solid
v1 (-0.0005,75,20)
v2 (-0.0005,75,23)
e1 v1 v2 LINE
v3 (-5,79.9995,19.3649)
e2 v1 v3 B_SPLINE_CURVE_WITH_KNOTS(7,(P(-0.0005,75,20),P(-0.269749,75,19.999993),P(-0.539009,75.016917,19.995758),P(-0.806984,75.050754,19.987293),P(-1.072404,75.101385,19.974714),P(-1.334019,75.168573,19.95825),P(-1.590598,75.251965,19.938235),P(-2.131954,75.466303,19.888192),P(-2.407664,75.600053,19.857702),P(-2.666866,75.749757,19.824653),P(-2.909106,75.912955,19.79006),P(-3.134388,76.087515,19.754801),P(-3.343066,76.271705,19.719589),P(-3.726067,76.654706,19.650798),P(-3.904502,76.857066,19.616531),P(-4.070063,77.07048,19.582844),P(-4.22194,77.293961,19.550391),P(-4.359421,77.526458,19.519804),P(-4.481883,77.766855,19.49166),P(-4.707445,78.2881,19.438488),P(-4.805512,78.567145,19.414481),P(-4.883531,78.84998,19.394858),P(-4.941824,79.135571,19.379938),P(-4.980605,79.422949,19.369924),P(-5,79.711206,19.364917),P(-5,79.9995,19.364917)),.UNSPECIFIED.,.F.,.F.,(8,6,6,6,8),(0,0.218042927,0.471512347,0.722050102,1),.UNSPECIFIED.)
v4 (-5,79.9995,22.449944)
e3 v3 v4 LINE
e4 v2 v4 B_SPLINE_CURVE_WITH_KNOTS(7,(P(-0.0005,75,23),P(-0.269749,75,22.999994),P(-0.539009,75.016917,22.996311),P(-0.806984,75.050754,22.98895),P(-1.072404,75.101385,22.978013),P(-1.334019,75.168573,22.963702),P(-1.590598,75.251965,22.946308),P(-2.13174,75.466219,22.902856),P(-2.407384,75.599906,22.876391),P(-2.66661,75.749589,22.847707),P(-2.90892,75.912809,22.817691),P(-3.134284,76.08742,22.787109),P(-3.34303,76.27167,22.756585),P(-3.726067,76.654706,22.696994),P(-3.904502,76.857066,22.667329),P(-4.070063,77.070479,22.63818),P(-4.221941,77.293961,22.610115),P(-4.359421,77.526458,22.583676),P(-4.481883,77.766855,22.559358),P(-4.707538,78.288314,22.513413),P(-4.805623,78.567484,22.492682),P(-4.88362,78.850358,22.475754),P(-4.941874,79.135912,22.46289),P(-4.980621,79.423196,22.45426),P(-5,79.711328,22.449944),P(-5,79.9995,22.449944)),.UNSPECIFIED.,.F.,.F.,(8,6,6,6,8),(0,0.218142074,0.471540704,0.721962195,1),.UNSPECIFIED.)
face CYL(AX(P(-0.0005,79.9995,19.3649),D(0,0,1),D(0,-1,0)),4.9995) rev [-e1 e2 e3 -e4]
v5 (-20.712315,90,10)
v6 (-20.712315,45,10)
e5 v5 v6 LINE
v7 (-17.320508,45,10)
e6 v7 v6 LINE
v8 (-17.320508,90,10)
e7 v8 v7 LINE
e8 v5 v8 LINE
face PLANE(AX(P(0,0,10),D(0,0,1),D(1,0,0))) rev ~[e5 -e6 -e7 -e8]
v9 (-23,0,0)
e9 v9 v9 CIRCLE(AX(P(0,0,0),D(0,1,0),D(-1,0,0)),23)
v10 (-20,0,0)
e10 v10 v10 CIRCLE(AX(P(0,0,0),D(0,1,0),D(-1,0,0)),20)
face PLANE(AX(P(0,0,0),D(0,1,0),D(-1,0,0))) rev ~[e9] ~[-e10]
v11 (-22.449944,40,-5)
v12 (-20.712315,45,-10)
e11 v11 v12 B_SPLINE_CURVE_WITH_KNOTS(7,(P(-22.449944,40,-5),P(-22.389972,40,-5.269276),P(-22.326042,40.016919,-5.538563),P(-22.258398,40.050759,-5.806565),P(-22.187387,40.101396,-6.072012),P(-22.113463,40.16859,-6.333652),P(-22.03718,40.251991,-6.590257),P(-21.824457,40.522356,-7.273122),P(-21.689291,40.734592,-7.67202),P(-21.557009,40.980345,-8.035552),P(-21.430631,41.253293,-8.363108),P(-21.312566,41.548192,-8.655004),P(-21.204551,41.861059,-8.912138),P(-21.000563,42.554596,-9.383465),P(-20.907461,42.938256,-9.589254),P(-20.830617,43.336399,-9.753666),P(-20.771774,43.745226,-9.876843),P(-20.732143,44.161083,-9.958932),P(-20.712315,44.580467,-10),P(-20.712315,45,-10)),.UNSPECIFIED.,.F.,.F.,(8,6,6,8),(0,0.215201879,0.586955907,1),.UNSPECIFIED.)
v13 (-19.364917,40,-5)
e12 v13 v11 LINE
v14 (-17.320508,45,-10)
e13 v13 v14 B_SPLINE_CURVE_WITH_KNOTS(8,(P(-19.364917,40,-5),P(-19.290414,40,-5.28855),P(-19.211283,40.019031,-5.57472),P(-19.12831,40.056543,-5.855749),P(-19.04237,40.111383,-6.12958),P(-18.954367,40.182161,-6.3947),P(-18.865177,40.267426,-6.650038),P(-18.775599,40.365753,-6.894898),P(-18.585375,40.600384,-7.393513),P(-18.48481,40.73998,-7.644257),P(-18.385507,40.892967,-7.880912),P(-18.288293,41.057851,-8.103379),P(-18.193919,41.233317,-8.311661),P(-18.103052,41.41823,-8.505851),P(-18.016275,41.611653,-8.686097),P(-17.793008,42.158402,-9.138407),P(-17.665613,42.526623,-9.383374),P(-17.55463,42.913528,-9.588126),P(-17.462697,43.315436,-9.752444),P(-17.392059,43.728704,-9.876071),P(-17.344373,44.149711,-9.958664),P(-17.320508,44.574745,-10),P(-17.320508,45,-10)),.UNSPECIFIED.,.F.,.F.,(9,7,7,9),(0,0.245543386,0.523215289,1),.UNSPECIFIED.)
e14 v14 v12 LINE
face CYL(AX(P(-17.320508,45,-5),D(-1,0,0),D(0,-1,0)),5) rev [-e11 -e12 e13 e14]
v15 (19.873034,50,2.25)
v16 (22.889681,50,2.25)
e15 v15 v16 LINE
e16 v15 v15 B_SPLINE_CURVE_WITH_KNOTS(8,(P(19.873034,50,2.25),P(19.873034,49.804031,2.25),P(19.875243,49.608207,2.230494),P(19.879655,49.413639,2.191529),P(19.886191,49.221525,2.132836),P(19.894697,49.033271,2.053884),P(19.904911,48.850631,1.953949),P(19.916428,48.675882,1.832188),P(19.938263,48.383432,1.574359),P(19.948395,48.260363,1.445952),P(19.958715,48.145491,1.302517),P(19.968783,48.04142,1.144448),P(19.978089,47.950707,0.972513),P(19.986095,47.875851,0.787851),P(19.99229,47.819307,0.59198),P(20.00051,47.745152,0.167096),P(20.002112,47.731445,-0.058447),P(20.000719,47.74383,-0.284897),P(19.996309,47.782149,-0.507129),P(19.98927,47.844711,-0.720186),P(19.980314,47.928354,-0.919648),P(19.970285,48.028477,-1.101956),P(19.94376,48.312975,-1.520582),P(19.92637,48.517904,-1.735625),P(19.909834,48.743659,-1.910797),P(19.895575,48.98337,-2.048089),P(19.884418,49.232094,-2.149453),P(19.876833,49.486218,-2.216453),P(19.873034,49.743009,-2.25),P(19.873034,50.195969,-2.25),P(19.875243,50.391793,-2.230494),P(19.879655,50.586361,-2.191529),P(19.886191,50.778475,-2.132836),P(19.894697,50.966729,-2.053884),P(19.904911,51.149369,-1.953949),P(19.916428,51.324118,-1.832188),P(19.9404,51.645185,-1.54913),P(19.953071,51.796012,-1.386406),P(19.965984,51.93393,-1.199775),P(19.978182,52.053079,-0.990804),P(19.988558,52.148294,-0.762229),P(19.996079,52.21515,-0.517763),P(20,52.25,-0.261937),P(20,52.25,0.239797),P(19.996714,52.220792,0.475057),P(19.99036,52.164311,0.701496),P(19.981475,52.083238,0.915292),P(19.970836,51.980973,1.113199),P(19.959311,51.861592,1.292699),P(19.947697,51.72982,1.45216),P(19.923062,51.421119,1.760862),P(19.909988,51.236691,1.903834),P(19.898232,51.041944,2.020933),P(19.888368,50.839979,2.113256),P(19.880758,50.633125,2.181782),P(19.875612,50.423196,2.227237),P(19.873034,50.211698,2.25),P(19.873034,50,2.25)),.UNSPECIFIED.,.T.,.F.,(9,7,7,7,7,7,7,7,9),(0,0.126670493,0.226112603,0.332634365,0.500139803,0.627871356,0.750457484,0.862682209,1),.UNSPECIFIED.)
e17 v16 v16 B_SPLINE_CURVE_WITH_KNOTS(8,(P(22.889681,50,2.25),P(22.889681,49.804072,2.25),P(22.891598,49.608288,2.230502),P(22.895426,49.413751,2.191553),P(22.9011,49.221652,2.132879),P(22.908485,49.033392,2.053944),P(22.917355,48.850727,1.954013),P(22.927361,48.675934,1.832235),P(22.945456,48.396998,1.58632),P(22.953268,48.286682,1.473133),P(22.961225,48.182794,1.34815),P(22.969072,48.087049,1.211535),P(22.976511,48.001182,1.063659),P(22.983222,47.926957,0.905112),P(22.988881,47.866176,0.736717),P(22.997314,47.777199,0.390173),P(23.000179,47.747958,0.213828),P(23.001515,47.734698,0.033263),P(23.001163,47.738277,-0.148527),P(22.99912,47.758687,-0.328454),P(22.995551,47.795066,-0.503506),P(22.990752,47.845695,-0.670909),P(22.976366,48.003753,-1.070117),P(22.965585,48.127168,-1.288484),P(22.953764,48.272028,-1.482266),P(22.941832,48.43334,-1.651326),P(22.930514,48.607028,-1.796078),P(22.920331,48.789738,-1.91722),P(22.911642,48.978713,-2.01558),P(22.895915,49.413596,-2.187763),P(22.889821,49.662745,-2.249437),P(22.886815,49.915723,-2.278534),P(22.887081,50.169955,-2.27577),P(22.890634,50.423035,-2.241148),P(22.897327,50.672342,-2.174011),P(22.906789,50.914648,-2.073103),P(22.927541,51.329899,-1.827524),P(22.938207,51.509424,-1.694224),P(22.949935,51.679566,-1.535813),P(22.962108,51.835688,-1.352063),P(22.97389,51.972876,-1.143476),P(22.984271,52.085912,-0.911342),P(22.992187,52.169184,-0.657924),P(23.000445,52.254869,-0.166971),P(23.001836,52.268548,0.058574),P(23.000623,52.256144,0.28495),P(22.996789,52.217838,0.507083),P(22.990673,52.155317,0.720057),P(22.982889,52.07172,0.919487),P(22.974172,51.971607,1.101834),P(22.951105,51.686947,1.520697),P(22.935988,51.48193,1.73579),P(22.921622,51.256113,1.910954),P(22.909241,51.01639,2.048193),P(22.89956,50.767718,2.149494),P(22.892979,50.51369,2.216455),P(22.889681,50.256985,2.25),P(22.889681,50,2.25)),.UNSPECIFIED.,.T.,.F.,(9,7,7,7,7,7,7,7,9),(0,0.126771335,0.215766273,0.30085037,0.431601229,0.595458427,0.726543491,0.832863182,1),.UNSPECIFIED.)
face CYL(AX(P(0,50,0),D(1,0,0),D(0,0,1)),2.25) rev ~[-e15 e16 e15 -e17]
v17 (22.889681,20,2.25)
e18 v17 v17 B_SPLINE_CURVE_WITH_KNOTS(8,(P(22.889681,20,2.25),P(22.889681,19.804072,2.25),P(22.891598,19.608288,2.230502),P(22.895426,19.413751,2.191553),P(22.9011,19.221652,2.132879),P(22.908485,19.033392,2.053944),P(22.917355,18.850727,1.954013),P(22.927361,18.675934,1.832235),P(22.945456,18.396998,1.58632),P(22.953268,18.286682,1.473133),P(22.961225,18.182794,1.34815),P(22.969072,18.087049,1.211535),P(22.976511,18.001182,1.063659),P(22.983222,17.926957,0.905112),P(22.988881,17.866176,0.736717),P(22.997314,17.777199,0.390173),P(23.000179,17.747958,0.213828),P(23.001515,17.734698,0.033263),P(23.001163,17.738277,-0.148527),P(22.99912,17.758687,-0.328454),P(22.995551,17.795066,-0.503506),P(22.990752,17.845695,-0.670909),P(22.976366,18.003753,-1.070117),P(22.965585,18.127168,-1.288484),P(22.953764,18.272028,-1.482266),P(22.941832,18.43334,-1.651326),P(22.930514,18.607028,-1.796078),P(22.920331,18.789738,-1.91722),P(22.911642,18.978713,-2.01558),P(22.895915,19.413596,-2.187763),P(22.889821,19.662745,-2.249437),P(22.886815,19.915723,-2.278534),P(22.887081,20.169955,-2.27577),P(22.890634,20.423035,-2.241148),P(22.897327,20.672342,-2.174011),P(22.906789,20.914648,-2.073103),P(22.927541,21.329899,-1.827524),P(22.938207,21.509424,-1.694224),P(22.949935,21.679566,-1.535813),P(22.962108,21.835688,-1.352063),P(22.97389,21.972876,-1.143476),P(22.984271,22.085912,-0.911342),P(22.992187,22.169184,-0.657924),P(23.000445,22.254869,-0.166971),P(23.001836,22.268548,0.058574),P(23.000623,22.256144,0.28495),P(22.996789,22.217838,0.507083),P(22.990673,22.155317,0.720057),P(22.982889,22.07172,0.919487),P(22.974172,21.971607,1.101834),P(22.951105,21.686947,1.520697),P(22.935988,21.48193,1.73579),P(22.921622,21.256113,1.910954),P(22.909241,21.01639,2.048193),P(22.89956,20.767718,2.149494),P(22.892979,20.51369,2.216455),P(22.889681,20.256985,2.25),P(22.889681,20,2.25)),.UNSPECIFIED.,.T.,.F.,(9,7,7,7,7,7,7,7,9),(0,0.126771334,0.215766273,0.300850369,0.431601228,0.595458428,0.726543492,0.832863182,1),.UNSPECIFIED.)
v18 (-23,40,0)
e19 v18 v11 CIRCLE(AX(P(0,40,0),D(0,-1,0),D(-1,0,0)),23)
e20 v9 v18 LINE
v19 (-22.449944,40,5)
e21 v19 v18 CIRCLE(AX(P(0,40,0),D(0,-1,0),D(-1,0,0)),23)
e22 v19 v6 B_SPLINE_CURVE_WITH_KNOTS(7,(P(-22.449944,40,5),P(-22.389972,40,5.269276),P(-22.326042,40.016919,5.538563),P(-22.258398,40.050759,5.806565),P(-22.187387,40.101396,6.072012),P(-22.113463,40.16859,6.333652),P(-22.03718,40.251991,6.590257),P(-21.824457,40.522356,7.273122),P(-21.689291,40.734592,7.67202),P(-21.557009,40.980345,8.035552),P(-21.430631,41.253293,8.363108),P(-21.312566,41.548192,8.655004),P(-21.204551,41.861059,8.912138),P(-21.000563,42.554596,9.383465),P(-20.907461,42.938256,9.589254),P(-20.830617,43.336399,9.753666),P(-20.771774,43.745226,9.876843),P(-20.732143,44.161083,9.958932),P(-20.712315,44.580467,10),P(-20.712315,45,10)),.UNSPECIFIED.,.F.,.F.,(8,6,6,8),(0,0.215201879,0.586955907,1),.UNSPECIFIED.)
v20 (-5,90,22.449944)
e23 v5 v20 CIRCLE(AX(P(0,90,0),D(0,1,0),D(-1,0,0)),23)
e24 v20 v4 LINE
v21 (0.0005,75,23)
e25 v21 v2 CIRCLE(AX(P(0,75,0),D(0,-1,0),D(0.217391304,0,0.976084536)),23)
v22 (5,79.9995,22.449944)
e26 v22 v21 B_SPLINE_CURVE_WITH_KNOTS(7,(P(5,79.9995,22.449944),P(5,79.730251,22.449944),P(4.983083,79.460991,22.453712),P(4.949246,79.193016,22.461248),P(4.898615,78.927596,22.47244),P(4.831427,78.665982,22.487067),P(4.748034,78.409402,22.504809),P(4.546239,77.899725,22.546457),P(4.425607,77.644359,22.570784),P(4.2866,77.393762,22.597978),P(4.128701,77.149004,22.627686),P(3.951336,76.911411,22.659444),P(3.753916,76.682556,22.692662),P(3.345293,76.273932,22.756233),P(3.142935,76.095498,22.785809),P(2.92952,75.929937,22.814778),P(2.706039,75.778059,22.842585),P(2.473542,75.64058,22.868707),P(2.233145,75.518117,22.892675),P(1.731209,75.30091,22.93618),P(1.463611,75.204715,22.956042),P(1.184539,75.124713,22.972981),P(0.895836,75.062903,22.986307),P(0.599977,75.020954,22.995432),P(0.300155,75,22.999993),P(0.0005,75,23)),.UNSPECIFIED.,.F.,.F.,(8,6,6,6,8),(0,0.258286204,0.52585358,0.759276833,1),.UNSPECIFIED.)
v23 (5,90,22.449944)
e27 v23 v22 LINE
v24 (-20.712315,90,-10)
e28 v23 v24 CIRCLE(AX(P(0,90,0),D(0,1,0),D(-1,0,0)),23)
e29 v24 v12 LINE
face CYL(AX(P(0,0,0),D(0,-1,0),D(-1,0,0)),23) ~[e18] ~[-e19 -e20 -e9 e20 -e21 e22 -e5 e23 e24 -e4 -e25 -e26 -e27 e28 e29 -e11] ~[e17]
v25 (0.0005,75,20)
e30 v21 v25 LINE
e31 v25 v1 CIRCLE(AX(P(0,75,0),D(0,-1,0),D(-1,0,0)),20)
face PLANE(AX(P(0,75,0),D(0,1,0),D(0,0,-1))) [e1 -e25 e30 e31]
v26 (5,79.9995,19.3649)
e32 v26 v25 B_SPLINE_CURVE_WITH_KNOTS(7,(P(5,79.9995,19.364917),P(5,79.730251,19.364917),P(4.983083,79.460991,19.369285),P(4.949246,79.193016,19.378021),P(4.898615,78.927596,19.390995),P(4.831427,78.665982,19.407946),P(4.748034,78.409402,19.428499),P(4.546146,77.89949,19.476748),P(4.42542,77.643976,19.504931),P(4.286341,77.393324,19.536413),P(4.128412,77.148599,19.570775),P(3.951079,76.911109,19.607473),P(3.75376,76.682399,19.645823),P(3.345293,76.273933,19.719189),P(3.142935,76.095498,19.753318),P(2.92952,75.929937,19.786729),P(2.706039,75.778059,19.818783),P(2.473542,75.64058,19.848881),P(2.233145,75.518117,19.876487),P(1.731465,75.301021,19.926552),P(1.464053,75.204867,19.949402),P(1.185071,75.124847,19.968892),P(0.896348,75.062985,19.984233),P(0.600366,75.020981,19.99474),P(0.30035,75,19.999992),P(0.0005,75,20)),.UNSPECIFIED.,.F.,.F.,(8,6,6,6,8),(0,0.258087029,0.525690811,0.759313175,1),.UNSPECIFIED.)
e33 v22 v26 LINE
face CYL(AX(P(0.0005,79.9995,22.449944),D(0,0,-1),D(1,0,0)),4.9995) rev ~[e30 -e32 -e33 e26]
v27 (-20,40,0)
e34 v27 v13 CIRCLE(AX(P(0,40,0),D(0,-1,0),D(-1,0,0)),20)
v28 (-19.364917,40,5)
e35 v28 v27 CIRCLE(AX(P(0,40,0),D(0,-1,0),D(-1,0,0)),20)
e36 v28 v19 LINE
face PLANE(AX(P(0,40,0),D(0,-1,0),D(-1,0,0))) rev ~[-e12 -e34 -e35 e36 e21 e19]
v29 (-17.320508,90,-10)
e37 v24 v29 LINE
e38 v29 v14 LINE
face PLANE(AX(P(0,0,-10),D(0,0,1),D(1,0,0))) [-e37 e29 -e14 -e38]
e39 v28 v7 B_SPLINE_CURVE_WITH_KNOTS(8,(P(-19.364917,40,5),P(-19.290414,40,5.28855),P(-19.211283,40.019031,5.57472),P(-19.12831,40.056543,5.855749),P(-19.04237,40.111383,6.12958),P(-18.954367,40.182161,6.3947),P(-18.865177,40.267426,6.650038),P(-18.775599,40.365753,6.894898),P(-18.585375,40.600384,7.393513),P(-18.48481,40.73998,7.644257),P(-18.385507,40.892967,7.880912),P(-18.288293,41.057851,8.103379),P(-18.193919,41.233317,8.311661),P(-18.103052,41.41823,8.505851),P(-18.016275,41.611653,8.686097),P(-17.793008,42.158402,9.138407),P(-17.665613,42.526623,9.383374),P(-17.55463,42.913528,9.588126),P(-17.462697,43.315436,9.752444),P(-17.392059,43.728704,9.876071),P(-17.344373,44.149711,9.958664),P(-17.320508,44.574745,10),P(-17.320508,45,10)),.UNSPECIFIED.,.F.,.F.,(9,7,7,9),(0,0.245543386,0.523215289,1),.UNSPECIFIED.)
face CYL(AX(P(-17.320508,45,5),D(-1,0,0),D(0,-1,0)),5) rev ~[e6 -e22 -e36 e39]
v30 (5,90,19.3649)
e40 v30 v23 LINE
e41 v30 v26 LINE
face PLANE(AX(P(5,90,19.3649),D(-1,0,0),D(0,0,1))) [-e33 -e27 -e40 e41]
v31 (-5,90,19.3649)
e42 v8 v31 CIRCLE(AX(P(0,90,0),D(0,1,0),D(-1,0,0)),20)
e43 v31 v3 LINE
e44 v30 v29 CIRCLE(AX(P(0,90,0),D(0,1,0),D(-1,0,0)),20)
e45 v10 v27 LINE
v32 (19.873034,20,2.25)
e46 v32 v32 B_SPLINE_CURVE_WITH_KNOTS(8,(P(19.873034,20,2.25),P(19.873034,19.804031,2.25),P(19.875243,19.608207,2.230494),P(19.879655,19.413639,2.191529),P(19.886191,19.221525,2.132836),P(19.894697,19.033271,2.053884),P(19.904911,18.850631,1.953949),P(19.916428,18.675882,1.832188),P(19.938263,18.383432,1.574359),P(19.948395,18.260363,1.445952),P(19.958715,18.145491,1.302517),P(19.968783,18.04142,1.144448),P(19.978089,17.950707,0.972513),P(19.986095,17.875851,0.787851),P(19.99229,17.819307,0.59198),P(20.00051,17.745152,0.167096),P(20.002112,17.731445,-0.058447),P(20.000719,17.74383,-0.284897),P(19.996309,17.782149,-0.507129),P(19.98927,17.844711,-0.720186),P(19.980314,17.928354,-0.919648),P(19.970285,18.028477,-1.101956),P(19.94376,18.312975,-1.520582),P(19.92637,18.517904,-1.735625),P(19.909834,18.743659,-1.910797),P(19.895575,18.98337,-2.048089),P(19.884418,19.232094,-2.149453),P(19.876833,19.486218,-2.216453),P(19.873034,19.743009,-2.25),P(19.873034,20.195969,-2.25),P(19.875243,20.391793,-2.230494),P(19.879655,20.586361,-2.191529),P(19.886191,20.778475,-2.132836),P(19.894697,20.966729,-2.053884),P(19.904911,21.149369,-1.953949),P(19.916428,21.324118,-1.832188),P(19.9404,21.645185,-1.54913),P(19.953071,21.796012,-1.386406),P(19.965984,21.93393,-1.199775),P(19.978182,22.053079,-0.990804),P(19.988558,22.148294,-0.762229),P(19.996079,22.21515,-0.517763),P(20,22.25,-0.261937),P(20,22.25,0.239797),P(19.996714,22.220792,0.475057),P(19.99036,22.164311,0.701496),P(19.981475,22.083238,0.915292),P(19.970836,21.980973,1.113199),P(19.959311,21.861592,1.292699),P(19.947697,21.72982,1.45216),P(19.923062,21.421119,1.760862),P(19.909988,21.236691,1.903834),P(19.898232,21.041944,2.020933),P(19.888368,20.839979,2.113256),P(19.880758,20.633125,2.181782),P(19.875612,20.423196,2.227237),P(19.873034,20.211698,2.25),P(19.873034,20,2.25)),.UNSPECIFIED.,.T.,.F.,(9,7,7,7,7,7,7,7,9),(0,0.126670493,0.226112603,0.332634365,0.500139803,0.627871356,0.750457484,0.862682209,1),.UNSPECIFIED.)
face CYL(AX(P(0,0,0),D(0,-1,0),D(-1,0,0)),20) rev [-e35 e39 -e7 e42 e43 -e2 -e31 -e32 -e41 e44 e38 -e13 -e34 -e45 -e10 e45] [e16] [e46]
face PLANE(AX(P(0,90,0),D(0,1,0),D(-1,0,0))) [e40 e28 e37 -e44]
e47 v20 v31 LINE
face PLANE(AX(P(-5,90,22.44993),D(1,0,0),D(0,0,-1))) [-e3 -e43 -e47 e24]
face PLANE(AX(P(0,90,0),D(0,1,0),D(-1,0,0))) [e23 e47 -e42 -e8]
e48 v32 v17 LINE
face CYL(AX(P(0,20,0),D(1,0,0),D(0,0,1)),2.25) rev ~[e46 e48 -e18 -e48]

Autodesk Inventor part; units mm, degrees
ref_plane "YZ Plane" through (0, 0, 0) normal (1, 0, 0) x (0, 1, 0)
ref_plane "XZ Plane" through (0, 0, 0) normal (0, 1, 0) x (-1, 0, 0)
ref_plane "XY Plane" through (0, 0, 0) normal (0, 0, 1) x (1, 0, 0)
sketch "Sketch1" plane through (0, 0, 0) normal (0, 1, 0) x (-1, 0, 0)
  circle A0 centre (0, 0) radius 23
  circle A1 centre (0, 0) radius 20
  dimension "d0" = 3
  dimension "d1" = 40
extrude "Extrusion1" add sketch "Sketch1" along normal blind 90
sketch "Sketch2" plane through (0, 0, 0) normal (0, 0, 1) x (1, 0, 0)
  line L0 (-23, 100) -> (0, 100)
  line L1 (0, 100) -> (0, 40)
  line L2 (0, 40) -> (-23, 40)
  line L3 (-23, 40) -> (-23, 100)
  line L4 (23, 90) -> (-23, 90) projected
  line L5 (-23, 0) -> (23, 0) projected
  point P0 (0, 0)
  dimension "d4" = 60
  dimension "d34" = 40
extrude "Extrusion2" cut sketch "Sketch2" along normal mid plane 20
fillet "Fillet1" radius 5 2 edges at (-19.0164, 40, 10) (-19.0164, 40, -10)
sketch "Sketch3" plane through (0, 0, 0) normal (1, 0, 0) x (0, 1, 0)
  line L0 (-21, 0) -> (126, 0) projected
  line L1 (105, -5) -> (105, 5) projected
  line L2 (90, 20) -> (90, -20) projected
  line L3 (0, 23) -> (0, -23) projected
  point P0 (0, 0)
  point P1 (50, 0)
  point P2 (20, 0)
  dimension "d9" = 30
  dimension "d31" = 20
hole "Hole1" at (0, 50, 0) at (0, 20, 0) direction (1, 0, 0) diameter 4.5 end through all clearance for "Socket Head Cap Screw" size "M4" standard "Ansi Metric M Profile"
sketch "Sketch4" plane through (0, 90, 0) normal (0, 1, 0) x (0, 0, -1)
  arc A0 (-10, 17.3205) -> (10, 17.3205) centre (0, 0) ccw projected
  arc A1 (-10, 20.7123) -> (10, 20.7123) centre (0, 0) ccw projected
  circle A2 centre (0, 0) radius 20 projected
  line L0 (10, 20.7123) -> (10, 17.3205) projected
  line L1 (-10, 17.3205) -> (-10, 20.7123) projected
  line L2 (-19.3649, -5) -> (-23, -5)
  line L3 (-23, -5) -> (-23, 5)
  line L4 (-23, 5) -> (-19.3649, 5)
  line L5 (-19.3649, 5) -> (-19.3649, -5)
  dimension "d32" = 10
  dimension "d33" = 5
extrude "Extrusion3" cut sketch "Sketch4" against normal blind 15 contours L5 A0 | A0 L2 A1 L4 | A1 L3 L4 | L2 L3 A1
fillet "Fillet2" radius 5 2 edges at (5, 75, 20.9074) (-5, 75, 20.9074)
sketch "Sketch5" plane through (0, 0, 0) normal (0, 0, 1) x (1, 0, 0)
  line L0 (23, 90) -> (3, 90)
  line L1 (3, 90) -> (3, 60)
  line L2 (3, 60) -> (23, 60)
  line L3 (23, 60) -> (23, 90)
  line L4 (23, 0) -> (23, 90) projected
  line L5 (23, 90) -> (-20.7123, 90) projected
  point P0 (0, 0)
  point P1 (22.4499, 110)
  point P2 (22.4499, 110)
  dimension "d25" = 0
  dimension "d26" = 20
  dimension "d27" = 30
extrude "Extrusion4" [suppressed]
fillet "Fillet3" [suppressed]
equation "\"d33\" = 0.5 * d32"
properties part number "Pancake_PVC Pipe 2" material "PVC-Piping"
